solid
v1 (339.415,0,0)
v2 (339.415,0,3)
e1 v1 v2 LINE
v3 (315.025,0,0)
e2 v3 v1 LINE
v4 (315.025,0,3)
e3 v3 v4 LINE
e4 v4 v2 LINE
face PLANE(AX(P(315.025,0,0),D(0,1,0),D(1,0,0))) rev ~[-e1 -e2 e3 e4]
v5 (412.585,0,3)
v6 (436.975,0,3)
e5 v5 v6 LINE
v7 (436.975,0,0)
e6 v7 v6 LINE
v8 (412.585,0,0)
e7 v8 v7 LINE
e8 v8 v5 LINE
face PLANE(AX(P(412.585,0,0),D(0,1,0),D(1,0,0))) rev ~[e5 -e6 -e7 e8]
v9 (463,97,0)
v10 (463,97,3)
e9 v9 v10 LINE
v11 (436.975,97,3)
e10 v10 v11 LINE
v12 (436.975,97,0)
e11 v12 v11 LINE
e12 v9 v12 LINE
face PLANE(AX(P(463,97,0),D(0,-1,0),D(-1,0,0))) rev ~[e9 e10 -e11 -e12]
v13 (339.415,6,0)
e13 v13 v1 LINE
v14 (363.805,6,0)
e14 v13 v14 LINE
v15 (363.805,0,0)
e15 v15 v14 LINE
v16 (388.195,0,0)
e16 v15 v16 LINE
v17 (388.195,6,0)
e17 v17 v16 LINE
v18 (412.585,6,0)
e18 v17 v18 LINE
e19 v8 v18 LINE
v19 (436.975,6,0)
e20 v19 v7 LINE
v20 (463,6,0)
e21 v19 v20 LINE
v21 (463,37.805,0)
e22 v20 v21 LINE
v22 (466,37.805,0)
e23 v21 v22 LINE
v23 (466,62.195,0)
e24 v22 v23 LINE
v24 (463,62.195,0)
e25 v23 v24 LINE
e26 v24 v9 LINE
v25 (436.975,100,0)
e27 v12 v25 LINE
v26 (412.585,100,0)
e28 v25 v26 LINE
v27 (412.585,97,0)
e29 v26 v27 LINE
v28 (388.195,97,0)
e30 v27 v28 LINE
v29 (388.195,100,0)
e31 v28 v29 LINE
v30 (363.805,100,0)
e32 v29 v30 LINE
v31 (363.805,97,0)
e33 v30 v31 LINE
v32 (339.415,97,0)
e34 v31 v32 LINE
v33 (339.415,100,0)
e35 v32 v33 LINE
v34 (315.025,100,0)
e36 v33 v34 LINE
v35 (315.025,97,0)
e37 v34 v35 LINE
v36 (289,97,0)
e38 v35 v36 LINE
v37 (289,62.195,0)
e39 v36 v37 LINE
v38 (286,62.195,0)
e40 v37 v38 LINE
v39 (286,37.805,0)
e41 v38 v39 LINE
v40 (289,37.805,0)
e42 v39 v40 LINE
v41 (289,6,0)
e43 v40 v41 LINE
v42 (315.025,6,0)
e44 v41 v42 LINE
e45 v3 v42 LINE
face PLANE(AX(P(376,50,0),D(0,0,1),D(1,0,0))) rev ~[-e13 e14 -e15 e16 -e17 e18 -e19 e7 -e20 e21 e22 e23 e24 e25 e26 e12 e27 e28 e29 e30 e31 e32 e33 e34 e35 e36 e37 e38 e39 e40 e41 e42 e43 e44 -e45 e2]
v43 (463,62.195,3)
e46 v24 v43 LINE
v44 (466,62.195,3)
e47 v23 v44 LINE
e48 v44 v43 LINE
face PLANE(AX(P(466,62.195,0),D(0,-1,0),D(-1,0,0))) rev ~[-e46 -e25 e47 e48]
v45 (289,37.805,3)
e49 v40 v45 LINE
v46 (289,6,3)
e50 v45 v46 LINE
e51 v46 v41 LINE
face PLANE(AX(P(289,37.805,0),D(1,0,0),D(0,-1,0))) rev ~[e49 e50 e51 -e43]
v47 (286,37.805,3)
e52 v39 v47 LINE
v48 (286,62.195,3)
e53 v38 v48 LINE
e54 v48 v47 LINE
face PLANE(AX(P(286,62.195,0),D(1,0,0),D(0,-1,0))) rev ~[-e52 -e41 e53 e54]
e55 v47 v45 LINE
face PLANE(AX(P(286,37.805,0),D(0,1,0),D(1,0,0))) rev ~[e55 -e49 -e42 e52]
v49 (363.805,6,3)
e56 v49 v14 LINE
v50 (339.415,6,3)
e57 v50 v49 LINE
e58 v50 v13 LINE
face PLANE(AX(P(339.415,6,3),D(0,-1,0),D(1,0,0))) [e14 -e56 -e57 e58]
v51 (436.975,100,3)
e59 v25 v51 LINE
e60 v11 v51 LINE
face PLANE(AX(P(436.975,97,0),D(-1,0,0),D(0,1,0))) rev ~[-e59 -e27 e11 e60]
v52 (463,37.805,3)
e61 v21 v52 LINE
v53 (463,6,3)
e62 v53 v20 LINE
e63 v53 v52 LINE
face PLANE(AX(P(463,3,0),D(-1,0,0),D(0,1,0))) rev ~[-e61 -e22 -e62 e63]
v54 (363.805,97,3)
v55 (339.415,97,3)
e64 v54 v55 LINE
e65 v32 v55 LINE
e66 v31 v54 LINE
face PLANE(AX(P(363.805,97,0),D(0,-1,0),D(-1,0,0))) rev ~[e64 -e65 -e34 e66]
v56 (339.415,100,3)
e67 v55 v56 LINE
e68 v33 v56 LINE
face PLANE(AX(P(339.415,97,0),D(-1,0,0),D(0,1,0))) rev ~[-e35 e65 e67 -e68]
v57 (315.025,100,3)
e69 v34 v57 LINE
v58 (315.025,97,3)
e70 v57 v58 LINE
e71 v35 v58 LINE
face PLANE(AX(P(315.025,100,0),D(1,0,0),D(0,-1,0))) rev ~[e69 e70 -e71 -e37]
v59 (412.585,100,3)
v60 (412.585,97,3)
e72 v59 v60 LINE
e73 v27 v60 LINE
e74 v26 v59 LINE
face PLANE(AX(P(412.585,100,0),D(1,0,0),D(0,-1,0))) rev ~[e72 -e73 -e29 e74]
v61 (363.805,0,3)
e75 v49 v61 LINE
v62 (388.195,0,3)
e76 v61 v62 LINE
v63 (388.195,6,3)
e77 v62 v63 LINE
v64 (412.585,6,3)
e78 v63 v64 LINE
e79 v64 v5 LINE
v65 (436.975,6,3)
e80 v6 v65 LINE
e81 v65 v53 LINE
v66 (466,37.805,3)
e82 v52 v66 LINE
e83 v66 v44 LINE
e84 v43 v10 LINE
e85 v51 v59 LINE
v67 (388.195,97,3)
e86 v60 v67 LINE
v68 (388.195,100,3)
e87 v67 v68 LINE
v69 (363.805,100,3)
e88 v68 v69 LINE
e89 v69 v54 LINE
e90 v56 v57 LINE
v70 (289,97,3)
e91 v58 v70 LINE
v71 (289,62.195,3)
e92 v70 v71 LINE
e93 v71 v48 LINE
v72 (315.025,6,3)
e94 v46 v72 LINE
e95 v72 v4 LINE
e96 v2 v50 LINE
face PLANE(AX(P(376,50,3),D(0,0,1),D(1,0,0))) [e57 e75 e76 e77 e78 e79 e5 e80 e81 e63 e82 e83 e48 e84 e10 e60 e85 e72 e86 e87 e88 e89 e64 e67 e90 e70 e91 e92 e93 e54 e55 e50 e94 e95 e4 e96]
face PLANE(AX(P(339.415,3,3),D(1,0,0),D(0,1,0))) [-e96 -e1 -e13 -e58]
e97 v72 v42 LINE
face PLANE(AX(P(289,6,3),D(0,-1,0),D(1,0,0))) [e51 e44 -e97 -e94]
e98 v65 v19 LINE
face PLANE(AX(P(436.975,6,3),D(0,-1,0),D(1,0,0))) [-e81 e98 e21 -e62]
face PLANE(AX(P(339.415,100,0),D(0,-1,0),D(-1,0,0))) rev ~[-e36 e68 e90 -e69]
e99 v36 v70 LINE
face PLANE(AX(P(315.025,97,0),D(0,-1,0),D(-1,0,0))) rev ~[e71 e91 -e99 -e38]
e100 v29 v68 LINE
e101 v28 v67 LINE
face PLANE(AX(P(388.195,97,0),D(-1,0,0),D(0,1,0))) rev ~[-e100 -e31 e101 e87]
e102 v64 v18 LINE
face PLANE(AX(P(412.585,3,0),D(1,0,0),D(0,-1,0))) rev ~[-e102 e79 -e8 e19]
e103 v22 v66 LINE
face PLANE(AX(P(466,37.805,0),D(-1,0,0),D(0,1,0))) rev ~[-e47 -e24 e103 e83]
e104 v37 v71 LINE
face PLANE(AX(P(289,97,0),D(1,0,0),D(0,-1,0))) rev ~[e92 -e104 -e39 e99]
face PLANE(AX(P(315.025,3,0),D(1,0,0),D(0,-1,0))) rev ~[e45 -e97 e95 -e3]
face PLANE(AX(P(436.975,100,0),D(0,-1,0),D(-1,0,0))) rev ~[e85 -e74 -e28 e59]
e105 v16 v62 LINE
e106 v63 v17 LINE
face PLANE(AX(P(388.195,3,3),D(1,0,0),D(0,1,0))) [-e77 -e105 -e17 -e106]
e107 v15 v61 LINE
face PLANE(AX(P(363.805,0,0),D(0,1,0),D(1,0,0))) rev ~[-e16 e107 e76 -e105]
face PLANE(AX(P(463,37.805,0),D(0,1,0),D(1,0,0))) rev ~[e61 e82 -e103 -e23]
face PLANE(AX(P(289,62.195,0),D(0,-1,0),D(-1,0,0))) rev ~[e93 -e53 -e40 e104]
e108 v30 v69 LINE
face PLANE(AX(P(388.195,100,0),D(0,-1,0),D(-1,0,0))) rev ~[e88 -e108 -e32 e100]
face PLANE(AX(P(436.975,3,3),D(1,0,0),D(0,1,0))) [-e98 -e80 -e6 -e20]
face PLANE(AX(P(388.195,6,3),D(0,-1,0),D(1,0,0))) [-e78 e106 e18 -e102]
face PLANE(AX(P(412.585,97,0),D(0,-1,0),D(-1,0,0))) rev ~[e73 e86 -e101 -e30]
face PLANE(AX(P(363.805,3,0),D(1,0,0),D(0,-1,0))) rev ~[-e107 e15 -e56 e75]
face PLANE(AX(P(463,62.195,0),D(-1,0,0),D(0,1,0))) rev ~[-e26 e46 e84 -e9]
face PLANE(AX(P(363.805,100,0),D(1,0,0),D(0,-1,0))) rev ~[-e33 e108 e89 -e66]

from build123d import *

# Parameters (mm, degrees)
SALIENTE_EXTRUIR1_DEPTH = 3
CROQUIS1_W              = 26.025
CROQUIS1_H              = 3
CROQUIS1_W_2            = 24.39
CORTAR_EXTRUIR1_DEPTH   = 3


with BuildPart() as part:
    # Model → Saliente-Extruir1 (new body)
    with BuildSketch(Plane.XY):
        Polygon((289, 97), (289, 62.195), (286, 62.195), (286, 37.805), (289, 37.805), (289, 13.415), (289, 3), (315.025, 3), (315.025, 0), (339.415, 0), (339.415, 3), (363.805, 3), (363.805, 0), (388.195, 0), (388.195, 3), (412.585, 3), (412.585, 0), (436.975, 0), (436.975, 3), (461.365, 3), (463, 3), (463, 37.805), (466, 37.805), (466, 62.195), (463, 62.195), (463, 86.585), (463, 97), (436.975, 97), (436.975, 100), (412.585, 100), (412.585, 97), (388.195, 97), (388.195, 100), (363.805, 100), (363.805, 97), (339.415, 97), (339.415, 100), (315.025, 100), (315.025, 97), (290.635, 97), align=None)
    extrude(amount=SALIENTE_EXTRUIR1_DEPTH)

    # Croquis1 → Cortar-Extruir1 (cut)
    with BuildSketch(Plane.XY.offset(3)):
        with Locations((302.0125, 4.5)):
            Rectangle(CROQUIS1_W, CROQUIS1_H)
        with Locations((351.61, 4.5)):
            Rectangle(CROQUIS1_W_2, CROQUIS1_H)
        with Locations((400.39, 4.5)):
            Rectangle(CROQUIS1_W_2, CROQUIS1_H)
        with Locations((449.9875, 4.5)):
            Rectangle(CROQUIS1_W, CROQUIS1_H)
    extrude(amount=-CORTAR_EXTRUIR1_DEPTH, mode=Mode.SUBTRACT)


solid = part.part
